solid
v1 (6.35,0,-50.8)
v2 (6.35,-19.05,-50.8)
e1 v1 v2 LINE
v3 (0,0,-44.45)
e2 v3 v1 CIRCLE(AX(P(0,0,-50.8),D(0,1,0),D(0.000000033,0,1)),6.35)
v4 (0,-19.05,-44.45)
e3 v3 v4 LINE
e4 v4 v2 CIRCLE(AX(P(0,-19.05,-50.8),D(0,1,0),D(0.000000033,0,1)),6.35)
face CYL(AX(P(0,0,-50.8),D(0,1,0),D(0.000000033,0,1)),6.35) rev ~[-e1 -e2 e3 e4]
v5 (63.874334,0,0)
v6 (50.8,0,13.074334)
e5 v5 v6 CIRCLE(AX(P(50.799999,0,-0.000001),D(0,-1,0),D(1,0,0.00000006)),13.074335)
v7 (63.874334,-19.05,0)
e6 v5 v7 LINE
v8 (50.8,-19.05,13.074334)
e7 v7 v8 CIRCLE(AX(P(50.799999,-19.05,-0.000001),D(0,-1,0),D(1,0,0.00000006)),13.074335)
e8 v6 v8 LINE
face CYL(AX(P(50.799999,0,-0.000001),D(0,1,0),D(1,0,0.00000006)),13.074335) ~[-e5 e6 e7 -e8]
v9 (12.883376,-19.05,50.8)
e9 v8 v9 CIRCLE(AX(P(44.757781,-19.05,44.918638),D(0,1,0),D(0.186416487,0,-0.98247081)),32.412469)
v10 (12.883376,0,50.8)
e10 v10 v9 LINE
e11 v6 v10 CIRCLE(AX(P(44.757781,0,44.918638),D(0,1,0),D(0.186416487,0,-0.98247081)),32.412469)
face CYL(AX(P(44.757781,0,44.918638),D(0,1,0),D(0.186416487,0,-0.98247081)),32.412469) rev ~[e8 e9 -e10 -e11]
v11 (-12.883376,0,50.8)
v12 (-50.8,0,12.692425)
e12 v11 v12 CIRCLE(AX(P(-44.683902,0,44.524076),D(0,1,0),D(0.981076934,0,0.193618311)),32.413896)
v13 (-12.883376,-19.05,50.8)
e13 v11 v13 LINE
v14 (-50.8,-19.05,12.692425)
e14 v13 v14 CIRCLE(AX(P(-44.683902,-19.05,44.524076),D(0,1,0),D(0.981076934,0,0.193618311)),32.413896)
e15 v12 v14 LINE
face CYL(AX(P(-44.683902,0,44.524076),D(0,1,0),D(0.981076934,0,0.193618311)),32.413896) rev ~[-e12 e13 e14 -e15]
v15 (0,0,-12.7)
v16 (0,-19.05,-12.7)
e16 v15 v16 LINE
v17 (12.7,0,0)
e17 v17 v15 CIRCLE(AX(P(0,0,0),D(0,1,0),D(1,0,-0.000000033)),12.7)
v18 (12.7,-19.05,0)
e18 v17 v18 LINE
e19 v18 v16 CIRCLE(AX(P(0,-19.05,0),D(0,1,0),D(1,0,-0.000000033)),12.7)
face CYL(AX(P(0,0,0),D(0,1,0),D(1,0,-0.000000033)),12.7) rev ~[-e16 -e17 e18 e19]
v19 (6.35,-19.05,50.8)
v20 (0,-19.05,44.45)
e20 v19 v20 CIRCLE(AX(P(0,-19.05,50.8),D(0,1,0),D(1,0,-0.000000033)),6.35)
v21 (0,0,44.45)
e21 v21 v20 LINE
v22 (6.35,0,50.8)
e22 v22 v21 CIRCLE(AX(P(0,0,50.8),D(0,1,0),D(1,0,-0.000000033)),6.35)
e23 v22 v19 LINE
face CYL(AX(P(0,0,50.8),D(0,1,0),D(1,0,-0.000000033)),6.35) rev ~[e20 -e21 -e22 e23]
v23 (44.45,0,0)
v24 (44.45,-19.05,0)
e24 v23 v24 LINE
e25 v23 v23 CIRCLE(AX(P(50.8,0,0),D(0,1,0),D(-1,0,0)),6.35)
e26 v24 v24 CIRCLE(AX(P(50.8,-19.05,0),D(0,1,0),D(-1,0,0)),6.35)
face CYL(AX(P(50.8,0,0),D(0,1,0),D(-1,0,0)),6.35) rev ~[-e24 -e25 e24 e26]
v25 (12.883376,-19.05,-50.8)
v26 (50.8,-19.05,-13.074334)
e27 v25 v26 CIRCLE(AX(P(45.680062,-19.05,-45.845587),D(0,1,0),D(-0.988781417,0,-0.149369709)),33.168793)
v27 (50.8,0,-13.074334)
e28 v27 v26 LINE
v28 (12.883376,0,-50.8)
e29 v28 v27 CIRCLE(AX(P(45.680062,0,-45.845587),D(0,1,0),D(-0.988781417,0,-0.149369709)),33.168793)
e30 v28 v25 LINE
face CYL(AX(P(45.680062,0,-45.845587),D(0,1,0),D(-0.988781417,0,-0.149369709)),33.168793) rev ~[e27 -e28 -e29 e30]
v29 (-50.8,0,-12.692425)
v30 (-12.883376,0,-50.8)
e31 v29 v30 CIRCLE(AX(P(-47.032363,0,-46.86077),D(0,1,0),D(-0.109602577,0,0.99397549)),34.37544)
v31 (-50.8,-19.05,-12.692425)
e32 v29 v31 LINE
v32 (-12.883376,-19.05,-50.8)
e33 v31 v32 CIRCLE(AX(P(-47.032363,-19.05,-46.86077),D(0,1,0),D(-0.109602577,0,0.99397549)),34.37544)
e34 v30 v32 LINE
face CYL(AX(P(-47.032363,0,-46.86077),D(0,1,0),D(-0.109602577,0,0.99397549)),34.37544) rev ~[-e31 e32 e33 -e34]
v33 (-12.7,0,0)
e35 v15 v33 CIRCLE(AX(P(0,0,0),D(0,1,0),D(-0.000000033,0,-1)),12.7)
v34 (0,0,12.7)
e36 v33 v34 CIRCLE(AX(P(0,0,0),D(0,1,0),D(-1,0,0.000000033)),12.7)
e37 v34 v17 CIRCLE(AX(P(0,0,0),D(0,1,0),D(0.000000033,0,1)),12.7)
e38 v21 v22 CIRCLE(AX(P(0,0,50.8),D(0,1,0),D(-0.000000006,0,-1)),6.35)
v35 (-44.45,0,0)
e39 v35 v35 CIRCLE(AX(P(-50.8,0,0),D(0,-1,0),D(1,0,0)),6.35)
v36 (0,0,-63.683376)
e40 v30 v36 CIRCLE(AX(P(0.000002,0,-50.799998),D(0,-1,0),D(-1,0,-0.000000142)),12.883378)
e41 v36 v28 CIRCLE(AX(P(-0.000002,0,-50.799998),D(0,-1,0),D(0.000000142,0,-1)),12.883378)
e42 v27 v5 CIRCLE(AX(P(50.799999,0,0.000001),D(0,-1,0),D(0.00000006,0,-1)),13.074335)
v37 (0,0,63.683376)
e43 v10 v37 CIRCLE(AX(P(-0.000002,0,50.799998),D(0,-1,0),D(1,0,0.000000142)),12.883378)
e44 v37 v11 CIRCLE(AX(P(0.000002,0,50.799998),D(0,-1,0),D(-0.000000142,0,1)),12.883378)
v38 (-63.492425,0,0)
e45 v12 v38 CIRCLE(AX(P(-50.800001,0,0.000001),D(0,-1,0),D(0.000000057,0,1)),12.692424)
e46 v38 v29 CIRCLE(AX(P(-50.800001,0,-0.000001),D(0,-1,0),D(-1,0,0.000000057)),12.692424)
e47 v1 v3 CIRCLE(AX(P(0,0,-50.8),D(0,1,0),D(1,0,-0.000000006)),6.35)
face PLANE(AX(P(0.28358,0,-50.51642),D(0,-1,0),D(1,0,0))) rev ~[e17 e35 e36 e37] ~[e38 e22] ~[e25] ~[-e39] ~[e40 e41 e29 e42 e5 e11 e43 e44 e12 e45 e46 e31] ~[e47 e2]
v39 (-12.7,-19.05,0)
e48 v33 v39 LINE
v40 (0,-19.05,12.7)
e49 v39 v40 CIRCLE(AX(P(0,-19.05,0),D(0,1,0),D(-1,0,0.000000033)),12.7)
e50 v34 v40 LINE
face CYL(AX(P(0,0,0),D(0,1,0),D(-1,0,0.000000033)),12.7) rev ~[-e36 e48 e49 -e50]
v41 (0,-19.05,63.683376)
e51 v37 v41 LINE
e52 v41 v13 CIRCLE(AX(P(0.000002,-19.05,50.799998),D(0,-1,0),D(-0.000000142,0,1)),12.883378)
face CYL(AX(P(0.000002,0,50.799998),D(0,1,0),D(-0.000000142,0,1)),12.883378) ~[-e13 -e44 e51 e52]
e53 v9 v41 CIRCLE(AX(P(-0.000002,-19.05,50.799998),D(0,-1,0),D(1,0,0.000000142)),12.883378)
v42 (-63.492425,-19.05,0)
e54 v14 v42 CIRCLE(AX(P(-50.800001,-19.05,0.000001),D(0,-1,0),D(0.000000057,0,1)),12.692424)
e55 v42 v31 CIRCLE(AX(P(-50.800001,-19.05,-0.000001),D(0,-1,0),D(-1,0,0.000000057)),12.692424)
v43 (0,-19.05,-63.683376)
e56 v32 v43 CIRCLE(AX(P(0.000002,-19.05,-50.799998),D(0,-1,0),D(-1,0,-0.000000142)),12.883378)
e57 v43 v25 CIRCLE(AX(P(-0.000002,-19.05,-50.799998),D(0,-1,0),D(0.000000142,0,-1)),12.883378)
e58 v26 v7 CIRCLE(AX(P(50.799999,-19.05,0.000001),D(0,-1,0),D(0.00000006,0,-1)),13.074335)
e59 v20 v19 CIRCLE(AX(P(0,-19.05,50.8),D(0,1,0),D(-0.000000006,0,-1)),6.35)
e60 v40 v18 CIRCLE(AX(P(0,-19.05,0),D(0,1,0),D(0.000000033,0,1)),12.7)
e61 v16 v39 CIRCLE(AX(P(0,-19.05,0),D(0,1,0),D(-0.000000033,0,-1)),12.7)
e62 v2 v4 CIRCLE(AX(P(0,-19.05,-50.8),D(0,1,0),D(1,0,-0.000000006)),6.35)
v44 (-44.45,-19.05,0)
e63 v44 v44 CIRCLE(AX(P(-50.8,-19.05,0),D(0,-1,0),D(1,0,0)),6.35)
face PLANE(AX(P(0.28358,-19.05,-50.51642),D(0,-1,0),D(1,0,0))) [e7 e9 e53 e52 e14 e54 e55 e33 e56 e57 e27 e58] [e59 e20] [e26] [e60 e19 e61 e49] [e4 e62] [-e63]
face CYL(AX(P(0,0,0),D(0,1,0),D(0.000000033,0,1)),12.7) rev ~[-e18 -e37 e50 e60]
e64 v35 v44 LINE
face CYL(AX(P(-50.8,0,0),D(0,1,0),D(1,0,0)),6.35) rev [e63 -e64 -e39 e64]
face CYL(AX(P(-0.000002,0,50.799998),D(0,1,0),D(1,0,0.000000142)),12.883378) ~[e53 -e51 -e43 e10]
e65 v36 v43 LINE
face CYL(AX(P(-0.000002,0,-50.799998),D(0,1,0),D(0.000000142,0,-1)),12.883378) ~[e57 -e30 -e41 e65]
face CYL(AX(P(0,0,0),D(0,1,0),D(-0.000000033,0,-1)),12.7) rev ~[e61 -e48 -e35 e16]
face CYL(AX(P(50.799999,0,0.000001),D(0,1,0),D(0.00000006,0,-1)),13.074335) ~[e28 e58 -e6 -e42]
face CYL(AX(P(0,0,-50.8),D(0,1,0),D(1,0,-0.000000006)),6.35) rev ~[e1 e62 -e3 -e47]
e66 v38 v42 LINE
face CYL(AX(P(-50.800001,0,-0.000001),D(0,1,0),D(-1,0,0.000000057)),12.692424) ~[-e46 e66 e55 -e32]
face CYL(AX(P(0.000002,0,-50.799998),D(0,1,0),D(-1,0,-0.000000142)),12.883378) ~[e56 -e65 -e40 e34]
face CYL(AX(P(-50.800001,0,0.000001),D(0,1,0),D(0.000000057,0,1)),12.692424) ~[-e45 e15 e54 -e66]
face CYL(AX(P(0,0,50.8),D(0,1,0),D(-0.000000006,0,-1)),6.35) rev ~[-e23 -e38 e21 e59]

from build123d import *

# Parameters (mm, degrees)
F0_R     = 6.35
F1_DEPTH = 19.05


with BuildPart() as f1:
    # F0 (on Front) → F1 (new body)
    with BuildSketch(Plane.XZ):
        with BuildLine():
            ThreePointArc((6.35, -50.8), (4.490128, -46.309872), (0, -44.45))
            ThreePointArc((0, -44.45), (-4.490128, -55.290128), (6.35, -50.8))
        make_face()
        with Locations((-50.8, 0)):
            Circle(F0_R)
        with BuildLine():
            ThreePointArc((6.35, 50.8), (-4.490128, 55.290128), (0, 44.45))
            ThreePointArc((0, 44.45), (4.490128, 46.309872), (6.35, 50.8))
        make_face()
        with BuildLine():
            ThreePointArc((57.15, 0), (50.8, 6.35), (44.45, 0))
            ThreePointArc((44.45, 0), (50.8, -6.35), (57.15, 0))
        make_face()
        with BuildLine():
            ThreePointArc((12.883376, 50.8), (9.109922, 59.909922), (0, 63.683376))
            ThreePointArc((0, 63.683376), (-9.109922, 59.909922), (-12.883376, 50.8))
            ThreePointArc((-12.883376, 50.8), (-21.70632, 21.661631), (-50.8, 12.692425))
            ThreePointArc((-50.8, 12.692425), (-59.7749, 8.9749), (-63.492425, 0))
            ThreePointArc((-63.492425, 0), (-59.7749, -8.9749), (-50.8, -12.692425))
            ThreePointArc((-50.8, -12.692425), (-22.664281, -22.614792), (-12.883376, -50.8))
            ThreePointArc((-12.883376, -50.8), (-9.109922, -59.909922), (0, -63.683376))
            ThreePointArc((0, -63.683376), (9.109922, -59.909922), (12.883376, -50.8))
            ThreePointArc((12.883376, -50.8), (22.285467, -22.332575), (50.8, -13.074334))
            ThreePointArc((50.8, -13.074334), (60.04495, -9.24495), (63.874334, 0))
            ThreePointArc((63.874334, 0), (60.04495, 9.24495), (50.8, 13.074334))
            ThreePointArc((50.8, 13.074334), (21.896637, 21.941776), (12.883376, 50.8))
        make_face()
        with BuildLine():
            ThreePointArc((6.35, -50.8), (-4.490128, -55.290128), (0, -44.45))
            ThreePointArc((0, -44.45), (4.490128, -46.309872), (6.35, -50.8))
        make_face(mode=Mode.SUBTRACT)
        with Locations((-50.8, 0)):
            Circle(F0_R, mode=Mode.SUBTRACT)
        with BuildLine():
            ThreePointArc((0, 12.7), (8.980256, 8.980256), (12.7, 0))
            ThreePointArc((12.7, 0), (8.980256, -8.980256), (0, -12.7))
            ThreePointArc((0, -12.7), (-8.980256, -8.980256), (-12.7, 0))
            ThreePointArc((-12.7, 0), (-8.980256, 8.980256), (0, 12.7))
        make_face(mode=Mode.SUBTRACT)
        with BuildLine():
            ThreePointArc((6.35, 50.8), (4.490128, 46.309872), (0, 44.45))
            ThreePointArc((0, 44.45), (-4.490128, 55.290128), (6.35, 50.8))
        make_face(mode=Mode.SUBTRACT)
        with BuildLine():
            ThreePointArc((57.15, 0), (50.8, -6.35), (44.45, 0))
            ThreePointArc((44.45, 0), (50.8, 6.35), (57.15, 0))
        make_face(mode=Mode.SUBTRACT)
    extrude(amount=F1_DEPTH)


solid = f1.part
